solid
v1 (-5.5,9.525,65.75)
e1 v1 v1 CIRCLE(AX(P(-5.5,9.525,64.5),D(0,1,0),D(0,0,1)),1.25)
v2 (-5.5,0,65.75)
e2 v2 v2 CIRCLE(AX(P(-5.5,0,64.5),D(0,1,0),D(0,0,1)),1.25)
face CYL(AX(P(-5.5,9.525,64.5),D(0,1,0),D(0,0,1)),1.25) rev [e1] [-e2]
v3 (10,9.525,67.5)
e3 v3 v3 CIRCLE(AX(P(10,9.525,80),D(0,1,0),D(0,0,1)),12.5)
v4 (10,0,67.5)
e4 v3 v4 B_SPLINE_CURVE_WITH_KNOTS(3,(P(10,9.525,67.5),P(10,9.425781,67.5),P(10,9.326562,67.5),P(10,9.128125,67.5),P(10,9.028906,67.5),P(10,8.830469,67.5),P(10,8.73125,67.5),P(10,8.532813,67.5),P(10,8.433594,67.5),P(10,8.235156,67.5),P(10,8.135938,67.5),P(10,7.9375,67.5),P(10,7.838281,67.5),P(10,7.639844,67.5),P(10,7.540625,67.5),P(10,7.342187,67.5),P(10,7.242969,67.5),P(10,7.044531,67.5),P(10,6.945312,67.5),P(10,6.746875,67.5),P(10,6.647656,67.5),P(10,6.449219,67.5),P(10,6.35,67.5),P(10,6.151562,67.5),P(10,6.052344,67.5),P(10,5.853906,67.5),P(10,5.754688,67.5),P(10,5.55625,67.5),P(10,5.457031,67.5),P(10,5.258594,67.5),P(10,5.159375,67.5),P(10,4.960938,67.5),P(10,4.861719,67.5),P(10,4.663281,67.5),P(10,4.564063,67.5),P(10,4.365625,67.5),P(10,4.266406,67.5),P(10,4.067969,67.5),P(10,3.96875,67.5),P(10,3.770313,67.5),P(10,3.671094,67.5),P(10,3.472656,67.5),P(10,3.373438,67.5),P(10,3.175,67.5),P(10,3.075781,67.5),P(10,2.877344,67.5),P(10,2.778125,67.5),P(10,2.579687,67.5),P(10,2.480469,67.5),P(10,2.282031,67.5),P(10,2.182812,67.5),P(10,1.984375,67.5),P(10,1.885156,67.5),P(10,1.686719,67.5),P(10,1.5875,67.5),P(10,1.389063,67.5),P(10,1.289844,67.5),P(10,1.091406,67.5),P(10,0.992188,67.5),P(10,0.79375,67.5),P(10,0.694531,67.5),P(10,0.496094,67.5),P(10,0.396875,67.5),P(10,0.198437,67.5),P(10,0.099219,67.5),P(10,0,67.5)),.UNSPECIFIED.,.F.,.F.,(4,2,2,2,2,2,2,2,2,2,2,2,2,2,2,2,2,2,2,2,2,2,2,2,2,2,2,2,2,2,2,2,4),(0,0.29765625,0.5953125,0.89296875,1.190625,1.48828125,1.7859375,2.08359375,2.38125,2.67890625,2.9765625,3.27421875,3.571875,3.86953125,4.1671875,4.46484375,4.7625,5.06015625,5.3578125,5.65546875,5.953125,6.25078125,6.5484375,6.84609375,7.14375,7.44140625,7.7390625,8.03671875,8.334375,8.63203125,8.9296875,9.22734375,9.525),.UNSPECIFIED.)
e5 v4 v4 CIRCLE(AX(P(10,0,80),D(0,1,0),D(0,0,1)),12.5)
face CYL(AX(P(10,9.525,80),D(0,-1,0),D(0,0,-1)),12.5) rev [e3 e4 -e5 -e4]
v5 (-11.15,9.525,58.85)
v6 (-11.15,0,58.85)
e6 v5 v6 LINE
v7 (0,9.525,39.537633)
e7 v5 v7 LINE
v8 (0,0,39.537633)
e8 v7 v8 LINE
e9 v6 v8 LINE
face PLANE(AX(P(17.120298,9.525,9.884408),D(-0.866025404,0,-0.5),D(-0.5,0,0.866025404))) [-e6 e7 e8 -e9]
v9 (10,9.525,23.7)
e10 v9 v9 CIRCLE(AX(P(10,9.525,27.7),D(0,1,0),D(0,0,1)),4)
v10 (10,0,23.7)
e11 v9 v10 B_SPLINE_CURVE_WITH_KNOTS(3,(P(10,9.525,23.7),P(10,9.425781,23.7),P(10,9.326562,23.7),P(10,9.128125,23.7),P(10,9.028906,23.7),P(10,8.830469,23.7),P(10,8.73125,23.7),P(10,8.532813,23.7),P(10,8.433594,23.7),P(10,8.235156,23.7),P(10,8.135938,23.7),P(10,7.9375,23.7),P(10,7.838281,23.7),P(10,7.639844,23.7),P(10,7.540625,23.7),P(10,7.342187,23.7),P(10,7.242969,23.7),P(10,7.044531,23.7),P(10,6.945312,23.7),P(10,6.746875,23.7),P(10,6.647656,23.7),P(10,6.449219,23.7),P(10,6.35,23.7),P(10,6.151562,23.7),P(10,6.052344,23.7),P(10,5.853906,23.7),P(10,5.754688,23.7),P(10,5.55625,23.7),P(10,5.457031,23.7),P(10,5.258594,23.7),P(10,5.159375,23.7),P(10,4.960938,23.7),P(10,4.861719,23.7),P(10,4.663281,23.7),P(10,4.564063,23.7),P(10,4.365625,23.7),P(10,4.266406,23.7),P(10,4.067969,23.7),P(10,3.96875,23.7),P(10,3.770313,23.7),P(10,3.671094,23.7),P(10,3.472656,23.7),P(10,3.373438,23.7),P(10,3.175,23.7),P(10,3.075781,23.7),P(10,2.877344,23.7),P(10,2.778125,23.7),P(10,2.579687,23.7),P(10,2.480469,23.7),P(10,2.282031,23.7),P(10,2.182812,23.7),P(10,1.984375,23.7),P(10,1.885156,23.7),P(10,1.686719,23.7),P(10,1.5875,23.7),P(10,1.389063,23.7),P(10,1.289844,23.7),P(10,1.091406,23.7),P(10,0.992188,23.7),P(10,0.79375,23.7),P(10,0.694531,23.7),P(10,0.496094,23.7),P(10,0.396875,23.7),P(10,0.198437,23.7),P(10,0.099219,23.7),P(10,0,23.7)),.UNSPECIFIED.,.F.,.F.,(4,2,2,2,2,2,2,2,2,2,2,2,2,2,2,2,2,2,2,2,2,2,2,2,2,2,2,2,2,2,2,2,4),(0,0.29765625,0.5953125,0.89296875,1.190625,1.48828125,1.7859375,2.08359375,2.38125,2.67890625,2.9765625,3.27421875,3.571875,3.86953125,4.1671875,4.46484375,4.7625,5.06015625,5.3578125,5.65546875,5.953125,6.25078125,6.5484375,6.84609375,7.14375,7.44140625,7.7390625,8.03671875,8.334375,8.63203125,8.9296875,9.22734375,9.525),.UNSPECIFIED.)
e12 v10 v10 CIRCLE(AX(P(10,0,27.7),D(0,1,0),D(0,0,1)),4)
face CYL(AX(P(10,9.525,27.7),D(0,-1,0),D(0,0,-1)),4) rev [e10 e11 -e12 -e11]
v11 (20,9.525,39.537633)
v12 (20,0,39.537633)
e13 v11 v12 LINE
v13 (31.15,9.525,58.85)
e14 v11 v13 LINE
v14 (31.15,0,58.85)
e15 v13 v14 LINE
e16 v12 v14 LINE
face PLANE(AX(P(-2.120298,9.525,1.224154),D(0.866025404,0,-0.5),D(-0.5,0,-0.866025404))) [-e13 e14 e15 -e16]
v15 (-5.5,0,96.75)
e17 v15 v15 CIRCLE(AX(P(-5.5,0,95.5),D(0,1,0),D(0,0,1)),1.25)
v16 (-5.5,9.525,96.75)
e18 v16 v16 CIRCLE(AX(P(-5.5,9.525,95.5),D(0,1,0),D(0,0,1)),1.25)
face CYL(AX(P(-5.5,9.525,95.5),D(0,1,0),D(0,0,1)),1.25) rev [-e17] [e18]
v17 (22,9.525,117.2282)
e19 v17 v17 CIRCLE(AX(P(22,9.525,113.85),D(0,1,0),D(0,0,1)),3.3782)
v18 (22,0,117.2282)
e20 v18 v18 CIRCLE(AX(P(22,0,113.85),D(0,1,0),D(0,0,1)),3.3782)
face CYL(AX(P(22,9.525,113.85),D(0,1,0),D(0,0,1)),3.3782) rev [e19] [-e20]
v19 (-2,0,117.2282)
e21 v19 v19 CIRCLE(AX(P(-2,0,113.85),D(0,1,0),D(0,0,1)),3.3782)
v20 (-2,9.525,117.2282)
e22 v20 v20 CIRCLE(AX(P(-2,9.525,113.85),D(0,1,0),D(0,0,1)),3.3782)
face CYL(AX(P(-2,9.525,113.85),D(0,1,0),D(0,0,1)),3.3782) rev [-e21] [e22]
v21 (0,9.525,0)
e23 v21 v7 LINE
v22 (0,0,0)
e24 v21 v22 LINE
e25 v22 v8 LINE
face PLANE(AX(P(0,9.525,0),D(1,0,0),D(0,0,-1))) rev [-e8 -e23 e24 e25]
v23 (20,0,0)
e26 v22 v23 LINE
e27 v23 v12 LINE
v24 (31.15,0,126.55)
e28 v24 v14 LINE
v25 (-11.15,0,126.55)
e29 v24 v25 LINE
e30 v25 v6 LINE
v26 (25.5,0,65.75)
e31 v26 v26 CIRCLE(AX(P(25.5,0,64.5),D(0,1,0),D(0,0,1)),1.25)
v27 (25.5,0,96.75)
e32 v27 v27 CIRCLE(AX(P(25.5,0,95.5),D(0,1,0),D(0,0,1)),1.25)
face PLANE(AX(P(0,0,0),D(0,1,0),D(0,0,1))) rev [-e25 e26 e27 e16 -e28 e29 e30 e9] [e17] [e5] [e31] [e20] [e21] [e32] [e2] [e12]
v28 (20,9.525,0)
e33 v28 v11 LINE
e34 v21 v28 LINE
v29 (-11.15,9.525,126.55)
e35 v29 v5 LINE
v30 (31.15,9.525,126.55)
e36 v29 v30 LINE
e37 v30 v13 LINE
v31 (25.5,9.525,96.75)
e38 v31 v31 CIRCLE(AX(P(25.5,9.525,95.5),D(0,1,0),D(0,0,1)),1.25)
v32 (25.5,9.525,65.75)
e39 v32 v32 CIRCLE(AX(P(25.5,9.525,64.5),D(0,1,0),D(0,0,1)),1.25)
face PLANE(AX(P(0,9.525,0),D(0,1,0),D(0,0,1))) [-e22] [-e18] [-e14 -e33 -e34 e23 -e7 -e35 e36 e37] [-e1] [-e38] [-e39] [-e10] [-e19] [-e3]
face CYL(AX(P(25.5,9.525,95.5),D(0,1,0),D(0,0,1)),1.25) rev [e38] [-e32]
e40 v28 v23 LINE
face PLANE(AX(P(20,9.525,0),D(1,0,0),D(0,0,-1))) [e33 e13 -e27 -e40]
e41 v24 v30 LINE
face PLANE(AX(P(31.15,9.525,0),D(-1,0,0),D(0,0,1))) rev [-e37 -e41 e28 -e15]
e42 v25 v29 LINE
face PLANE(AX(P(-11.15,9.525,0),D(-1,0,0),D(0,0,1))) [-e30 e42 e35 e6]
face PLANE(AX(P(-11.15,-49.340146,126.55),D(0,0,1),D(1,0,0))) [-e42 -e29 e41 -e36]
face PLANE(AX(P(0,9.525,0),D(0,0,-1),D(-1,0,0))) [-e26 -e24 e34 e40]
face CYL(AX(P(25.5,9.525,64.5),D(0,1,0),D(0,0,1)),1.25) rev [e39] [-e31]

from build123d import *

# Parameters (mm, degrees)
SKETCH2_R                   = 4
BOSS_EXTRUDE1_DEPTH         = 9.525
TAP_DRILL_FOR_M3X0_5_TAP1_D = 2.5
SKETCH7_W                   = 42.3
SKETCH7_H                   = 25.4
BOSS_EXTRUDE2_DEPTH         = 9.525
F_1_4_CLEARANCE_HOLE1_D     = 6.7564


with BuildPart() as part:
    # Sketch2 → Boss-Extrude1 (new body)
    # profile 1 of 6: a face of its own
    with BuildSketch(Plane(origin=(0, 0, 0), x_dir=(1, 0, 0), z_dir=(0, 1, 0))):
        Polygon((20, 0), (0, 0), (0, -39.537633496), (0, -58.85), (20, -58.85), (20, -39.537633496), align=None)
        with Locations(Location((10, -27.7, 0), (0, 0, 90))):
            Circle(SKETCH2_R, mode=Mode.SUBTRACT)
    # profile 2 of 6: a face of its own
    with BuildSketch(Plane(origin=(0, 0, 0), x_dir=(1, 0, 0), z_dir=(0, 1, 0))):
        Polygon((0, -58.85), (0, -39.537633496), (-11.15, -58.85), align=None)
    # profile 3 of 6: a face of its own
    with BuildSketch(Plane(origin=(0, 0, 0), x_dir=(1, 0, 0), z_dir=(0, 1, 0))):
        Polygon((31.15, -58.85), (20, -39.537633496), (20, -58.85), align=None)
    # profile 4 of 6: a face of its own
    with BuildSketch(Plane(origin=(0, 0, 0), x_dir=(1, 0, 0), z_dir=(0, 1, 0))):
        with BuildLine():
            Line((0, -72.5), (0, -58.85))
            Line((0, -58.85), (-11.15, -58.85))
            Line((-11.15, -58.85), (-11.15, -101.15))
            Line((-11.15, -101.15), (31.15, -101.15))
            Line((31.15, -101.15), (31.15, -58.85))
            Line((31.15, -58.85), (20, -58.85))
            Line((20, -58.85), (20, -72.5))
            ThreePointArc((20, -72.5), (21.858541226, -76.047152925), (22.5, -80))
            ThreePointArc((22.5, -80), (21.858541226, -83.952847075), (20, -87.5))
            Line((20, -87.5), (20, -100))
            Line((20, -100), (0, -100))
            Line((0, -100), (0, -87.5))
            ThreePointArc((0, -87.5), (-2.5, -80), (0, -72.5))
        make_face()
    # profile 5 of 6: a face of its own
    with BuildSketch(Plane(origin=(0, 0, 0), x_dir=(1, 0, 0), z_dir=(0, 1, 0))):
        with BuildLine():
            Line((20, -58.85), (0, -58.85))
            Line((0, -58.85), (0, -72.5))
            ThreePointArc((0, -72.5), (10, -67.5), (20, -72.5))
            Line((20, -72.5), (20, -58.85))
        make_face()
    # profile 6 of 6: a face of its own
    with BuildSketch(Plane(origin=(0, 0, 0), x_dir=(1, 0, 0), z_dir=(0, 1, 0))):
        with BuildLine():
            ThreePointArc((20, -87.5), (10, -92.5), (0, -87.5))
            Line((0, -87.5), (0, -100))
            Line((0, -100), (20, -100))
            Line((20, -100), (20, -87.5))
        make_face()
    extrude(amount=BOSS_EXTRUDE1_DEPTH)

    # Tap Drill for M3x0.5 Tap1 (through all)
    with Locations(Plane(origin=(0, 9.525, 0), x_dir=(1, 0, 0), z_dir=(0, 1, 0))):
        with Locations((-5.5, -64.5), (25.5, -64.5), (25.5, -95.5), (-5.5, -95.5)):
            Hole(TAP_DRILL_FOR_M3X0_5_TAP1_D / 2)

    # Sketch7 → Boss-Extrude2 (add)
    with BuildSketch(Plane(origin=(0, 9.525, 0), x_dir=(1, 0, 0), z_dir=(0, 1, 0))):
        with Locations((10, -113.85)):
            Rectangle(SKETCH7_W, SKETCH7_H)
    extrude(amount=-BOSS_EXTRUDE2_DEPTH)

    # 1/4 Clearance Hole1 (through all)
    with Locations(Plane(origin=(0, 9.525, 0), x_dir=(1, 0, 0), z_dir=(0, 1, 0))):
        with Locations((-2, -113.85), (22, -113.85)):
            Hole(F_1_4_CLEARANCE_HOLE1_D / 2)


solid = part.part
